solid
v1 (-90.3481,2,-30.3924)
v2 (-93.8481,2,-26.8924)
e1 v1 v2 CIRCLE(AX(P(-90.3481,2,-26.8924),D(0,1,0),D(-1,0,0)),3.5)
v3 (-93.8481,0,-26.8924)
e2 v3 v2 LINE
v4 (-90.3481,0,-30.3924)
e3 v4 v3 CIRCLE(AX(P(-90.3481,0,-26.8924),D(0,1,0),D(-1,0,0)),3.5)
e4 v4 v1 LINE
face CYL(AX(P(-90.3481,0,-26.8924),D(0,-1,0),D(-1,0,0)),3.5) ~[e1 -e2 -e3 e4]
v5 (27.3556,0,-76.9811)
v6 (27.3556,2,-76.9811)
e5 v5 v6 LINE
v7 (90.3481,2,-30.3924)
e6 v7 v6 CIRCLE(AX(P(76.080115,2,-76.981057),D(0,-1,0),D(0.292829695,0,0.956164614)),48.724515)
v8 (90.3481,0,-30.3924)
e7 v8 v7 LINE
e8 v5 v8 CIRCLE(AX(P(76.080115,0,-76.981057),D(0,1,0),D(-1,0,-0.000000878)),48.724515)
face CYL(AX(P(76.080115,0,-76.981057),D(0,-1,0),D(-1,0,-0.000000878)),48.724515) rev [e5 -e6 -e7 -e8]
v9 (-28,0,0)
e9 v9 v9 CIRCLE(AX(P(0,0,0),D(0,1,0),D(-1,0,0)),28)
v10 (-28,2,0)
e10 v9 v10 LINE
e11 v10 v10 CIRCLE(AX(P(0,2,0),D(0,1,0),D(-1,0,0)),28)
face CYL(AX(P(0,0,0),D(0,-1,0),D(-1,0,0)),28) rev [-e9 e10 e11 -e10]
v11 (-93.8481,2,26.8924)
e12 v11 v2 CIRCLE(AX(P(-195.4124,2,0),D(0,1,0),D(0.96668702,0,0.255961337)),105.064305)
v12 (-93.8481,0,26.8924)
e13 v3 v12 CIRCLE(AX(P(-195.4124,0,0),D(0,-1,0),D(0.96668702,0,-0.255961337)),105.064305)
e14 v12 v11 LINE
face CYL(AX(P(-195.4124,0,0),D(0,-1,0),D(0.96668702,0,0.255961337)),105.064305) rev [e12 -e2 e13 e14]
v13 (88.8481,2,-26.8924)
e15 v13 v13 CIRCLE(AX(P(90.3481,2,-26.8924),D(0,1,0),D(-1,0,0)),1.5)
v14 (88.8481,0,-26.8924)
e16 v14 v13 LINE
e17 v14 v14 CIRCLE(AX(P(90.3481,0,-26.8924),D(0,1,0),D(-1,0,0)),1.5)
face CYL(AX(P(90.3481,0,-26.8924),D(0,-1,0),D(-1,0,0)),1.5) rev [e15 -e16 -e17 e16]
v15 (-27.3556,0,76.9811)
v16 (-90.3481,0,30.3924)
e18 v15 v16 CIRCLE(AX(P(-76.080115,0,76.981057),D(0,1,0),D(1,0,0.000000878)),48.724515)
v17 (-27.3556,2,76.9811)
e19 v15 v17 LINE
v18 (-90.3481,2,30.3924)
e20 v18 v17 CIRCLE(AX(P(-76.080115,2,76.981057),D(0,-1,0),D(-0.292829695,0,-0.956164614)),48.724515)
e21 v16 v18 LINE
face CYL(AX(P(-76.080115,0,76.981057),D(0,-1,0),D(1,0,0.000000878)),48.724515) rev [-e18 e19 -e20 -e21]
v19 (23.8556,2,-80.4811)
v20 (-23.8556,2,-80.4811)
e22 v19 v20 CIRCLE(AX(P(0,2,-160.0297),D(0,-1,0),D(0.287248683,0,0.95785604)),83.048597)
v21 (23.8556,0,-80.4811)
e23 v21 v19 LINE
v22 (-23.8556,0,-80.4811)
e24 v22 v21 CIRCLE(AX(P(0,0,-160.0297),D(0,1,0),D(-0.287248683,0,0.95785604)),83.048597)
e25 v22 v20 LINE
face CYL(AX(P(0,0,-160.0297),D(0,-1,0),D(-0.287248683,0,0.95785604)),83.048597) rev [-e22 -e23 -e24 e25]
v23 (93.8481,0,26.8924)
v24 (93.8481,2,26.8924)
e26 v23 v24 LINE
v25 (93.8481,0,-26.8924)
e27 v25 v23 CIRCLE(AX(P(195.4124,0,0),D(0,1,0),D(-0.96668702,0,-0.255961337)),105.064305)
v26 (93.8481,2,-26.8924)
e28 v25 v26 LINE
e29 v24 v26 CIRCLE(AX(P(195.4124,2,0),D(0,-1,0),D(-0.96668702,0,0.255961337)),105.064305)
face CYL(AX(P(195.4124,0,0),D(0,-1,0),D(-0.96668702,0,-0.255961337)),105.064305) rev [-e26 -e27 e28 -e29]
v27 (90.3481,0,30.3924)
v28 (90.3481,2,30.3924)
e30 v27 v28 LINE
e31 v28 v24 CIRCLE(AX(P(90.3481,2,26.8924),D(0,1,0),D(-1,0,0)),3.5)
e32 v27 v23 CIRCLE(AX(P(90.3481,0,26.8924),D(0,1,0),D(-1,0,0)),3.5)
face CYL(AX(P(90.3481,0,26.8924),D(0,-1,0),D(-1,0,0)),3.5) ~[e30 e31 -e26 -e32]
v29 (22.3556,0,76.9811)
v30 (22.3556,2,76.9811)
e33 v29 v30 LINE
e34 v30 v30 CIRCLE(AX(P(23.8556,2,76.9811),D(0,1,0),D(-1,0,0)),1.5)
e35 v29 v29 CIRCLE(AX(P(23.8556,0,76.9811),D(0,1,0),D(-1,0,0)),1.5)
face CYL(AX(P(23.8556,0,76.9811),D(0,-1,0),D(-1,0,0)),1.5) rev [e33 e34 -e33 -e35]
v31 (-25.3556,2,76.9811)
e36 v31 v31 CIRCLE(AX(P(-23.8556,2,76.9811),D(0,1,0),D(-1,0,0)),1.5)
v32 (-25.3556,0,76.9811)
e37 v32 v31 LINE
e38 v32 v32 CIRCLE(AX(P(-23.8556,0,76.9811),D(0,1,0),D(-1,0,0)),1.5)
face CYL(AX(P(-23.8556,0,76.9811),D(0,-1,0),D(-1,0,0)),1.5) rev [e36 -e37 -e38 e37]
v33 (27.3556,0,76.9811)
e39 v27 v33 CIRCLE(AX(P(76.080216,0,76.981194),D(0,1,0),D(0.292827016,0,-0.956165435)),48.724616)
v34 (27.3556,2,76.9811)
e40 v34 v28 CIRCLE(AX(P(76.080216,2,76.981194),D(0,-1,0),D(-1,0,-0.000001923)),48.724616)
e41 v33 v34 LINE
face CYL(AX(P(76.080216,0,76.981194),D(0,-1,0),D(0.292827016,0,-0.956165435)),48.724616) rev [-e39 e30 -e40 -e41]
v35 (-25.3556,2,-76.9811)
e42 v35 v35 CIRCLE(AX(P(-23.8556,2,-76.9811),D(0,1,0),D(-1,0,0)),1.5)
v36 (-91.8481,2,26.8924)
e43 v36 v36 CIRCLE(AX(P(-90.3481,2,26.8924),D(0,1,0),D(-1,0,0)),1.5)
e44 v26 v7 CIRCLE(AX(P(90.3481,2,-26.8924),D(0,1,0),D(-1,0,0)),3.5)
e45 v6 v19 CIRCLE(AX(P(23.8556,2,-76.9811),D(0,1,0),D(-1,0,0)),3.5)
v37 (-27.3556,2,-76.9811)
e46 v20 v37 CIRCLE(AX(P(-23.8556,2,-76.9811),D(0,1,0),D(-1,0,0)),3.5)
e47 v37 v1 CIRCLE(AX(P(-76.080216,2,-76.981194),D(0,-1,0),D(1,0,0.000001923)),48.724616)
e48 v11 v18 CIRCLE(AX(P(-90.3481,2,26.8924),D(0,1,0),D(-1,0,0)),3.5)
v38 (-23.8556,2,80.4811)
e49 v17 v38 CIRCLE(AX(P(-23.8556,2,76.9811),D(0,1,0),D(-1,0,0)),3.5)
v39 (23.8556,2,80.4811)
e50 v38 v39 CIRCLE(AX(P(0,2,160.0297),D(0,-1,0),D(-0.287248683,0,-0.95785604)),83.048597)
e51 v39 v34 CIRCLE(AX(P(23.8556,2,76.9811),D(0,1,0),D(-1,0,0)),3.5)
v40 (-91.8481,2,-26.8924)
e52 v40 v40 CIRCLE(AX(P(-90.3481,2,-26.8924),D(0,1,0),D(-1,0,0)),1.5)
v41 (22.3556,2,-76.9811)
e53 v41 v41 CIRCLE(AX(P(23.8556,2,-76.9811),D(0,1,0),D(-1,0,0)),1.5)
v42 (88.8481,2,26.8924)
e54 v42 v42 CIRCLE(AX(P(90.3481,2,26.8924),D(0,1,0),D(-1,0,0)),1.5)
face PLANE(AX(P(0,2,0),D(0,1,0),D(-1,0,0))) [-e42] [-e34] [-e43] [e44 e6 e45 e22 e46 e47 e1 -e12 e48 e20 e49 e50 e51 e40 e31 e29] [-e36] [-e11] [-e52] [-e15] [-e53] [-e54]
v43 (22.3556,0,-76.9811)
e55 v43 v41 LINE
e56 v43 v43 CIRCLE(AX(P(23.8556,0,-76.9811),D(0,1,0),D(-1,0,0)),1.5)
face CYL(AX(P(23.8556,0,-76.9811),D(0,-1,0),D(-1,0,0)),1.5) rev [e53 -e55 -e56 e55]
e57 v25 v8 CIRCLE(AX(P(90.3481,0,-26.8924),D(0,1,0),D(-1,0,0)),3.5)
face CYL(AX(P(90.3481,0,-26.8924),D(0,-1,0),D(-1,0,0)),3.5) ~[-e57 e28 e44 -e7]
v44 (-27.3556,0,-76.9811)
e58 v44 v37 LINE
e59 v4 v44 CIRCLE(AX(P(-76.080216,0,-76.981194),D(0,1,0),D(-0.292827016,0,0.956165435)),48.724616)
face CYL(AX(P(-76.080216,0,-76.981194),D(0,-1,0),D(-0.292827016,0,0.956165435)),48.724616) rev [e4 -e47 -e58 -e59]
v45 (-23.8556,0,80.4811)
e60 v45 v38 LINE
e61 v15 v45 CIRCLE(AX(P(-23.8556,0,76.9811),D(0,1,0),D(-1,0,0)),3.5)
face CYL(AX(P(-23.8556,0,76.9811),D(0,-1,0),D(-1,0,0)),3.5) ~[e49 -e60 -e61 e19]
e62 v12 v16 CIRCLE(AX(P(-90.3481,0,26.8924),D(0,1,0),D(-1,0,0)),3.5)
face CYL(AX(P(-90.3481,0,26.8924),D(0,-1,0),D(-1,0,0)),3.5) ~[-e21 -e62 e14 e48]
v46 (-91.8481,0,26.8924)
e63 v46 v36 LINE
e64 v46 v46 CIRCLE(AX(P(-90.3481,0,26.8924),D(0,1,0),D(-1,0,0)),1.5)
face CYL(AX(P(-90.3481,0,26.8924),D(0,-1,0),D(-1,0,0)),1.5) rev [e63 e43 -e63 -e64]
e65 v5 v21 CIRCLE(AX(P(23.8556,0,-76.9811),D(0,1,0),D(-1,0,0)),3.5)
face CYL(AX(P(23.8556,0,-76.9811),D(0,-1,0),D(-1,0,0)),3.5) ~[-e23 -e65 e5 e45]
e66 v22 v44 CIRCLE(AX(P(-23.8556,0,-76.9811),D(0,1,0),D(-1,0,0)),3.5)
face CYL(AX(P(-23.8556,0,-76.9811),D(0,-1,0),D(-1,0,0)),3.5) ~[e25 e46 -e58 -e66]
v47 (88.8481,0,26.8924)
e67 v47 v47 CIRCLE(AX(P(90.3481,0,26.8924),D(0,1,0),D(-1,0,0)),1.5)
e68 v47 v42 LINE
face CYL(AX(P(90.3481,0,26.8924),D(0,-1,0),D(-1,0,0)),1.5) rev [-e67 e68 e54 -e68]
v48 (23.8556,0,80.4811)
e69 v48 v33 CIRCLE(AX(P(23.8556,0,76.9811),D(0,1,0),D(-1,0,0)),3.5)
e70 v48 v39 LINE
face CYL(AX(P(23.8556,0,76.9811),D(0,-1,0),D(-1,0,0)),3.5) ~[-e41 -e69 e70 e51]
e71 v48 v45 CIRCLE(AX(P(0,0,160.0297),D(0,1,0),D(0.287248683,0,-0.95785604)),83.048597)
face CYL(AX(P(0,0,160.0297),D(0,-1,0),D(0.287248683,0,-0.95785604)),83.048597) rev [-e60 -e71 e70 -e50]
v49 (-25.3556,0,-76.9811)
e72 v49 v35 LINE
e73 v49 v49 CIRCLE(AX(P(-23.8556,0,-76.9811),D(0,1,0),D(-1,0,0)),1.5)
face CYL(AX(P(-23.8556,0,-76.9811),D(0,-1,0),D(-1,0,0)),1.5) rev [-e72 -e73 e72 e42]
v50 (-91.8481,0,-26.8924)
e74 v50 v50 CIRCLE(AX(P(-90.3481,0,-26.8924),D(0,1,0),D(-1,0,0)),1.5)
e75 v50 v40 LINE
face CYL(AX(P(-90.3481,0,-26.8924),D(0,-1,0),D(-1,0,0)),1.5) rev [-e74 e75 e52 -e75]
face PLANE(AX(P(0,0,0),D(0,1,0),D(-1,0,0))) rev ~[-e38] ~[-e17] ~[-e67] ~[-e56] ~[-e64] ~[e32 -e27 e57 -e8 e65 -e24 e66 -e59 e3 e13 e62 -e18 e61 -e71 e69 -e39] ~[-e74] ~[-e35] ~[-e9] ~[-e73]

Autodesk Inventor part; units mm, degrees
ref_plane "YZ Plane" through (0, 0, 0) normal (1, 0, 0) x (0, 1, 0)
ref_plane "XZ Plane" through (0, 0, 0) normal (0, 1, 0) x (-1, 0, 0)
ref_plane "XY Plane" through (0, 0, 0) normal (0, 0, 1) x (1, 0, 0)
sketch "Эскиз1" plane through (0, 2, -127) normal (0, 1, 0) x (1, 0, 0)
  circle A0 centre (-90.3481, -100.1076) radius 1.5
  circle A1 centre (90.3481, -153.8924) radius 1.5
  circle A2 centre (-90.3481, -153.8924) radius 1.5
  circle A3 centre (90.3481, -100.1076) radius 1.5
  circle A4 centre (51.0265, -155.3991) radius 1.5
  circle A5 centre (-67.0849, -171.4575) radius 1.5
  circle A6 centre (-44.4575, -59.9151) radius 1.5
  circle A7 centre (51.0265, -98.6009) radius 1.5
  circle A8 centre (28.3991, -75.9735) radius 1.5
  circle A9 centre (-67.0849, -82.5425) radius 1.5
  circle A10 centre (-28.3991, -178.0265) radius 1.5
  circle A11 centre (28.3991, -178.0265) radius 1.5
  circle A12 centre (67.0849, -171.4575) radius 1.5
  circle A13 centre (-51.0265, -155.3991) radius 1.5
  circle A14 centre (-28.3991, -75.9735) radius 1.5
  circle A15 centre (67.0849, -82.5425) radius 1.5
  circle A16 centre (44.4575, -59.9151) radius 1.5
  circle A17 centre (-51.0265, -98.6009) radius 1.5
  circle A18 centre (-44.4575, -194.0849) radius 1.5
  circle A19 centre (44.4575, -194.0849) radius 1.5
  arc A20 (-36.9892, -29.8002) -> (36.9892, -29.8002) centre (0, 0) ccw
  arc A21 (-36.9892, -29.8002) -> (-48.2758, -34.8835) centre (0, -127) ccw
  line L0 (-48.2758, -34.8835) -> (-38.4471, -44.7123)
  line L1 (-38.4471, -44.7123) -> (-82.2877, -88.5529)
  line L2 (-82.2877, -88.5529) -> (-92.1165, -78.7242)
  arc A22 (-92.1165, -78.7242) -> (-92.1165, -175.2758) centre (0, -127) ccw
  line L3 (-92.1165, -175.2758) -> (-82.2877, -165.4471)
  line L4 (-82.2877, -165.4471) -> (-38.4471, -209.2877)
  line L5 (-38.4471, -209.2877) -> (-48.2758, -219.1165)
  arc A23 (-48.2758, -219.1165) -> (-36.9892, -224.1998) centre (0, -127) ccw
  arc A24 (36.9892, -224.1998) -> (-36.9892, -224.1998) centre (0, -254) ccw
  arc A25 (36.9892, -224.1998) -> (48.2758, -219.1165) centre (0, -127) ccw
  line L6 (48.2758, -219.1165) -> (38.4471, -209.2877)
  line L7 (38.4471, -209.2877) -> (82.2877, -165.4471)
  line L8 (82.2877, -165.4471) -> (92.1165, -175.2758)
  arc A26 (92.1165, -175.2758) -> (92.1165, -78.7242) centre (0, -127) ccw
  line L9 (92.1165, -78.7242) -> (82.2877, -88.5529)
  line L10 (82.2877, -88.5529) -> (38.4471, -44.7123)
  line L11 (38.4471, -44.7123) -> (48.2758, -34.8835)
  arc A27 (48.2758, -34.8835) -> (36.9892, -29.8002) centre (0, -127) ccw
  line L12 (-67.0849, -82.5425) -> (-51.0265, -98.6009) construction
  circle A28 centre (0, -127) radius 69.3873
  line L13 (-62.0891, -96.0236) -> (-51.0265, -107.0862)
  line L14 (-51.0265, -107.0862) -> (-19.9138, -75.9735)
  line L15 (-19.9138, -75.9735) -> (-30.9764, -64.9109)
  line L16 (-51.0265, -146.9138) -> (-62.0891, -157.9764)
  line L17 (-19.9138, -178.0265) -> (-51.0265, -146.9138)
  line L18 (-30.9764, -189.0891) -> (-19.9138, -178.0265)
  line L19 (19.9138, -178.0265) -> (30.9764, -189.0891)
  line L20 (51.0265, -146.9138) -> (19.9138, -178.0265)
  line L21 (62.0891, -157.9764) -> (51.0265, -146.9138)
  line L22 (51.0265, -107.0862) -> (62.0891, -96.0236)
  line L23 (19.9138, -75.9735) -> (51.0265, -107.0862)
  line L24 (30.9764, -64.9109) -> (19.9138, -75.9735)
  point P0 (-59.0557, -90.5717)
sketch "Эскиз2_1" plane through (0, 2, 127) normal (0, 1, 0) x (1, 0, 0)
  circle A0 centre (0, 127) radius 104
  line L0 (-92.1165, 78.7242) -> (-82.2877, 88.5529)
  line L1 (-82.2877, 88.5529) -> (-38.4471, 44.7123)
  line L2 (-38.4471, 44.7123) -> (-48.2758, 34.8835)
  line L3 (48.2758, 34.8835) -> (38.4471, 44.7123)
  line L4 (38.4471, 44.7123) -> (82.2877, 88.5529)
  line L5 (82.2877, 88.5529) -> (92.1165, 78.7242)
  line L6 (82.2877, 165.4471) -> (38.4471, 209.2877)
  line L7 (38.4471, 209.2877) -> (48.2758, 219.1165)
  line L8 (92.1165, 175.2758) -> (82.2877, 165.4471)
  line L9 (-48.2758, 219.1165) -> (-38.4471, 209.2877)
  line L10 (-38.4471, 209.2877) -> (-82.2877, 165.4471)
  line L11 (-82.2877, 165.4471) -> (-92.1165, 175.2758)
sketch "Эскиз3" plane through (0, 2, 127) normal (0, 1, 0) x (1, 0, 0)
  circle A0 centre (-23.8556, 50.0189) radius 1.5
  circle A1 centre (23.8556, 50.0189) radius 1.5
  circle A2 centre (-23.8556, 203.9811) radius 1.5
  circle A3 centre (23.8556, 203.9811) radius 1.5
  point P0 (0, 127)
sketch "Эскиз6" plane through (0, 0, 0) normal (0, 1, 0) x (-1, 0, 0)
  circle A0 centre (0, 0) radius 49.5
  circle A1 centre (0, 0) radius 41
  dimension "d1" = 99
  dimension "d2" = 82
sketch "Эскиз7" plane through (0, 0, 0) normal (0, 1, 0) x (-1, 0, 0)
  circle A0 centre (90.3481, 26.8924) radius 1.5 projected
  circle A1 centre (90.3481, -26.8924) radius 1.5 projected
  circle A2 centre (23.8556, 76.9811) radius 1.5 projected
  circle A3 centre (23.8556, -76.9811) radius 1.5 projected
  circle A4 centre (-23.8556, -76.9811) radius 1.5 projected
  circle A5 centre (-23.8556, 76.9811) radius 1.5 projected
  circle A6 centre (-90.3481, 26.8924) radius 1.5 projected
  circle A7 centre (-90.3481, -26.8924) radius 1.5 projected
  circle A8 centre (0, 0) radius 28
  circle A9 centre (90.3481, 26.8924) radius 3.5
  circle A10 centre (90.3481, -26.8924) radius 3.5
  circle A11 centre (23.8556, -76.9811) radius 3.5
  circle A12 centre (-23.8556, -76.9811) radius 3.5
  circle A13 centre (-90.3481, -26.8924) radius 3.5
  circle A14 centre (-90.3481, 26.8924) radius 3.5
  circle A15 centre (23.8556, 76.9811) radius 3.5
  circle A16 centre (-23.8556, 76.9811) radius 3.5
  line L0 (0, 0) -> (28, 0) construction
  line L1 (23.8556, 76.9811) -> (27.3556, 76.9811) construction
  line L2 (90.3481, 26.8924) -> (90.3481, 30.3924) construction
  arc A17 (27.3556, 76.9811) -> (90.3481, 30.3924) centre (76.0802, 76.9811) ccw
  line L3 (27.3556, 76.9811) -> (27.3556, 30.3924) construction
  line L4 (27.3556, 30.3924) -> (90.3481, 30.3924) construction
  arc A18 (90.3481, -30.3924) -> (27.3556, -76.9811) centre (76.0802, -76.9811) ccw
  line L5 (0, 0) -> (0, 28) construction
  arc A19 (-90.3481, 30.3924) -> (-27.3556, 76.9811) centre (-76.0802, 76.9811) ccw
  arc A20 (-27.3556, -76.9811) -> (-90.3481, -30.3924) centre (-76.0802, -76.9811) ccw
  line L6 (90.3481, 26.8924) -> (93.8481, 26.8924) construction
  line L7 (90.3481, -26.8924) -> (93.8481, -26.8924) construction
  arc A21 (93.8481, 26.8924) -> (93.8481, -26.8924) centre (195.4124, 0) ccw
  arc A22 (-93.8481, -26.8924) -> (-93.8481, 26.8924) centre (-195.4124, 0) ccw
  line L8 (-23.8556, 76.9811) -> (-23.8556, 80.4811) construction
  line L9 (23.8556, 76.9811) -> (23.8556, 80.4811) construction
  arc A23 (-23.8556, 80.4811) -> (23.8556, 80.4811) centre (0, 160.0297) ccw
  arc A24 (23.8556, -80.4811) -> (-23.8556, -80.4811) centre (0, -160.0297) ccw
  point P0 (-27.3556, 76.9811)
  point P1 (-90.3481, 30.3924)
  point P2 (-93.8481, 26.8924)
  point P3 (-93.8481, -26.8924)
  point P4 (-90.3481, -30.3924)
  point P5 (-27.3556, -76.9811)
  point P6 (-23.8556, -80.4811)
  point P7 (23.8556, -80.4811)
  point P8 (90.3481, -30.3924)
  dimension "d3" = 56
  dimension "d4" = 7
extrude "Выдавливание1" add sketch "Эскиз7" along normal blind 2 contours A21 A9 A17 | A21 A10 A18 A11 A24 A12 A20 A13 A22 A14 A19 A16 A23 A15 A17 A9 | A21 A10 A18 | A15 A23 | A11 A24 | A16 A23 | A24 A12 | A14 A22 A19 | A20 A13 A22 picked at (26.6398, 76.5793) picked at (26.6398, -76.5793) picked at (-21.0707, 76.5822) picked at (-26.5069, -76.0401)
properties part number "dribler_floor"
